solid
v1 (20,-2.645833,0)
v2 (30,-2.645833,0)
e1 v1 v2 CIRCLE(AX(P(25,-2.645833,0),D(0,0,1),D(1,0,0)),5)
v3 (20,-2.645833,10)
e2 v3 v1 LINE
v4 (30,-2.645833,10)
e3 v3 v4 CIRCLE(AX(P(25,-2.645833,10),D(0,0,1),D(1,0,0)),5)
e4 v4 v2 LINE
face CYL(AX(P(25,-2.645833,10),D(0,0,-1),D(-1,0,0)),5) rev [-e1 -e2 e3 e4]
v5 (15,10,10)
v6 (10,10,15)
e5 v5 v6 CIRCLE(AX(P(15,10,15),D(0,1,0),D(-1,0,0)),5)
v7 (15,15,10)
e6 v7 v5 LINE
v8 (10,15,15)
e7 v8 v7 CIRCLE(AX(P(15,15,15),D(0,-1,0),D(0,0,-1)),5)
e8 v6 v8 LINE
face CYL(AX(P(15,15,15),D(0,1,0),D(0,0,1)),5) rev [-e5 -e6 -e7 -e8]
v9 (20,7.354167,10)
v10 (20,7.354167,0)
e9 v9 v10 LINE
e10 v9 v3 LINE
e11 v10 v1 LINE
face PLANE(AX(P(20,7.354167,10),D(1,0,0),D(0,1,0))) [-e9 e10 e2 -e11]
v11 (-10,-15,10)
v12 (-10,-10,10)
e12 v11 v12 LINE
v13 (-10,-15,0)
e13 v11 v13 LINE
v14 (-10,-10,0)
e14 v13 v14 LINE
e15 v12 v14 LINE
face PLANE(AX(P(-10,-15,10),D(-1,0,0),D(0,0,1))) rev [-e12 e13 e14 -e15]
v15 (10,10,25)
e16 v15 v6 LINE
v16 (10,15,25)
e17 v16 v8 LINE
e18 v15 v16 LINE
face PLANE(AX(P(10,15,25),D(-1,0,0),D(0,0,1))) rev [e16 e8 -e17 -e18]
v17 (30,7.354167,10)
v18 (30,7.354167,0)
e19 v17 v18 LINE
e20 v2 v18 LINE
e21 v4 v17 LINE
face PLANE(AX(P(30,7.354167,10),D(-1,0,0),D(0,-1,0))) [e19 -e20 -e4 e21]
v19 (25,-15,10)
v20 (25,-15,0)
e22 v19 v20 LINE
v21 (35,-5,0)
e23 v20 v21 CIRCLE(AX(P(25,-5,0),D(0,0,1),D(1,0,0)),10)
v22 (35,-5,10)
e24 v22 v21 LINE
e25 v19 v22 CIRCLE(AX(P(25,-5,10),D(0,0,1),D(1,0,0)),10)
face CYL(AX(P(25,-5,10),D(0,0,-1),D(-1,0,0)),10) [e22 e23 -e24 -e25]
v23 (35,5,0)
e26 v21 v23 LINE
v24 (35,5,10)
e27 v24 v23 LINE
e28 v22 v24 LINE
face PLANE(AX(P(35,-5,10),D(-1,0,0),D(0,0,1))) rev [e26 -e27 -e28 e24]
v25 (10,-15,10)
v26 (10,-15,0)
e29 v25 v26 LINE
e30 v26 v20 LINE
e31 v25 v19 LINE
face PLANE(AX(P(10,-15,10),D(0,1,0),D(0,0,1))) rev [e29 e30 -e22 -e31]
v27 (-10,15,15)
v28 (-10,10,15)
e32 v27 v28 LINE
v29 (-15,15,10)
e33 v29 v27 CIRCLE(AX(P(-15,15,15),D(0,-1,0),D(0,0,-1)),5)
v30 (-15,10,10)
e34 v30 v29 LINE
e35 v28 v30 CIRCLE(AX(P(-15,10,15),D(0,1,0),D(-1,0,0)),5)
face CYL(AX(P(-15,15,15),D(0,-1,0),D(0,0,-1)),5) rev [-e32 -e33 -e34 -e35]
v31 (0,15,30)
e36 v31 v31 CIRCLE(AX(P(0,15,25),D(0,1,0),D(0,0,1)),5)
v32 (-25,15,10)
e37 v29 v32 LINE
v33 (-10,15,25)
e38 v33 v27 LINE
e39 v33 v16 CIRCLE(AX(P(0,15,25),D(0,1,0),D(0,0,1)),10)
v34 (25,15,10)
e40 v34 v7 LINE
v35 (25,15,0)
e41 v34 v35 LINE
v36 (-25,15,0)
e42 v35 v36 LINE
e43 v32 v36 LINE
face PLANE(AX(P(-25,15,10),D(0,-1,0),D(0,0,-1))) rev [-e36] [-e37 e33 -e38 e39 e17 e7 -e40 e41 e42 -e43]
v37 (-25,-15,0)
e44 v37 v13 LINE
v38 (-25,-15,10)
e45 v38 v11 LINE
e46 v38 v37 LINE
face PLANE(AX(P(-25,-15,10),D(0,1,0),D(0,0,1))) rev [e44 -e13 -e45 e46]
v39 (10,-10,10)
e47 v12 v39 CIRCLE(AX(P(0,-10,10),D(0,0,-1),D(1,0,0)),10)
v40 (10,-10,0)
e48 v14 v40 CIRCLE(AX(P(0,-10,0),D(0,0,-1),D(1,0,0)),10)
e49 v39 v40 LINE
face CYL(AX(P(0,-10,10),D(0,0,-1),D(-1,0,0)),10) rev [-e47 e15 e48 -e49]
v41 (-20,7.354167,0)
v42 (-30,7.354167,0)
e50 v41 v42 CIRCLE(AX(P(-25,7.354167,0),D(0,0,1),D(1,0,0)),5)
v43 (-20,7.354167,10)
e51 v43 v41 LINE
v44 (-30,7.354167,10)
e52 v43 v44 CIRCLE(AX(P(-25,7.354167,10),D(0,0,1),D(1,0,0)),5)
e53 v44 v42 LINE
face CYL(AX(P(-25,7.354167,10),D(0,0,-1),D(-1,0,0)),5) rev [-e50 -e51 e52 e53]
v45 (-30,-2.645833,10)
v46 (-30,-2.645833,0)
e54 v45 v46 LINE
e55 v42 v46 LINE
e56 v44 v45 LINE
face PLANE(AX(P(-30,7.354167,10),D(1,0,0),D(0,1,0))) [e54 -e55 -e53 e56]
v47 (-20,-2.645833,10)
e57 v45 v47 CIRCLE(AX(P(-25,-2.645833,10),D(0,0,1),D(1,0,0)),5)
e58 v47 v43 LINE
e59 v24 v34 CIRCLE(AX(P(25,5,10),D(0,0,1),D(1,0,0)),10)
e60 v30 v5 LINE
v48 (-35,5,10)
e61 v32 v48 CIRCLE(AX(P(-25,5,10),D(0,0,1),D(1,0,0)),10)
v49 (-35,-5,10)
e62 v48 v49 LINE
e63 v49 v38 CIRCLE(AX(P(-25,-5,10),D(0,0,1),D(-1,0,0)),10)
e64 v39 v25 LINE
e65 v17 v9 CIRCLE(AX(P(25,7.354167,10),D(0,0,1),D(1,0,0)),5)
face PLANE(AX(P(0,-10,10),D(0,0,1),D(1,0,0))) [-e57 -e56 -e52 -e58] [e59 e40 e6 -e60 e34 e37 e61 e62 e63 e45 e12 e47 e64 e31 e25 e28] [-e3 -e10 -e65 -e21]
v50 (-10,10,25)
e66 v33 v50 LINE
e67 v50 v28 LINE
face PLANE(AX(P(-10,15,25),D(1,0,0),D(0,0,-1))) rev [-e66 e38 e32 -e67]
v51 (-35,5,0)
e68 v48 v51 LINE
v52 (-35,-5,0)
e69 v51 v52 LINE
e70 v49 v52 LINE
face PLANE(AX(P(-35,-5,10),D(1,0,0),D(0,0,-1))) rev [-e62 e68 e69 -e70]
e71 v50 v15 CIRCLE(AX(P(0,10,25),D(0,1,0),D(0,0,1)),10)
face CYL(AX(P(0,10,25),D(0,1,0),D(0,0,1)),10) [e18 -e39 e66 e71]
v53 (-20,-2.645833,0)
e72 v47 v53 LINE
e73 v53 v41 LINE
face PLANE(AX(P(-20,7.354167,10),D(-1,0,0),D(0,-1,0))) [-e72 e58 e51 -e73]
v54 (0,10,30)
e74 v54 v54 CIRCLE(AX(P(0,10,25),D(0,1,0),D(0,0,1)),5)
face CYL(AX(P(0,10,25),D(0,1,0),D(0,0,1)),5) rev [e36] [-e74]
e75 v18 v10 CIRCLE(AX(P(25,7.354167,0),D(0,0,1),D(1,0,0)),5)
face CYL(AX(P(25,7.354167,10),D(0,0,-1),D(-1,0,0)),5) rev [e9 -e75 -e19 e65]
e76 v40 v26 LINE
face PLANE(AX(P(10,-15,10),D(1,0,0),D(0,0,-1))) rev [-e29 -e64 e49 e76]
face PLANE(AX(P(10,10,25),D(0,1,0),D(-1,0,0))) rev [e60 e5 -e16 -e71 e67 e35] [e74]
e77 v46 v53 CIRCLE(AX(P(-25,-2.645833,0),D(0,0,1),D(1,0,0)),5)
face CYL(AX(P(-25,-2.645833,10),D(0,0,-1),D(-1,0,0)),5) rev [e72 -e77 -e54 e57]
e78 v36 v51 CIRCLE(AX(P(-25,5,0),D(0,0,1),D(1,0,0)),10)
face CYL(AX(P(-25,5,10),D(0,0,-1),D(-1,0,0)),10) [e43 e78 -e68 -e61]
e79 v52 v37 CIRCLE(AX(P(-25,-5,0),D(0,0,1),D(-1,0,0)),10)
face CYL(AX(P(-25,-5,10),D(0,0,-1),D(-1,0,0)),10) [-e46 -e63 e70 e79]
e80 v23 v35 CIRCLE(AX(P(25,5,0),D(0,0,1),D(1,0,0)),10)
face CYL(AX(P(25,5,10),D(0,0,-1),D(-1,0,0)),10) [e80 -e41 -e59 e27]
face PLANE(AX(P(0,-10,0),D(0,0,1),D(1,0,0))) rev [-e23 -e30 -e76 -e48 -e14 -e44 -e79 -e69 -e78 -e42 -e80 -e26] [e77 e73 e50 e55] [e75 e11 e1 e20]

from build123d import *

# Parameters (mm, degrees)
BOSS_EXTRUDE1_DEPTH = 10
SKETCH2_W           = 20
SKETCH2_H           = 5
BOSS_EXTRUDE2_DEPTH = 15
FILLET3_R           = 5
FILLET4_R           = 5
BOSS_EXTRUDE4_DEPTH = 5
SKETCH4_R           = 5
CUT_EXTRUDE1_DEPTH  = 5


with BuildPart() as part:
    # Sketch1 → Boss-Extrude1 (new body)
    with BuildSketch(Plane.XY):
        with BuildLine():
            Line((-10, -15), (-10, -10))
            ThreePointArc((-10, -10), (0, 0), (10, -10))
            Line((10, -10), (10, -15))
            Line((10, -15), (25, -15))
            ThreePointArc((25, -15), (32.071067812, -12.071067812), (35, -5))
            Line((35, -5), (35, 5))
            ThreePointArc((35, 5), (32.071067812, 12.071067812), (25, 15))
            Line((25, 15), (-25, 15))
            ThreePointArc((-25, 15), (-32.071067812, 12.071067812), (-35, 5))
            Line((-35, 5), (-35, -5))
            ThreePointArc((-35, -5), (-32.071067812, -12.071067812), (-25, -15))
            Line((-25, -15), (-10, -15))
        make_face()
        with BuildLine():
            Line((30, 7.354167283), (30, -2.645832717))
            ThreePointArc((30, -2.645832717), (25, -7.645832717), (20, -2.645832717))
            Line((20, -2.645832717), (20, 7.354167283))
            ThreePointArc((20, 7.354167283), (25, 12.354167283), (30, 7.354167283))
        make_face(mode=Mode.SUBTRACT)
        with BuildLine():
            Line((-20, 7.354167283), (-20, -2.645832717))
            ThreePointArc((-20, -2.645832717), (-25, -7.645832717), (-30, -2.645832717))
            Line((-30, -2.645832717), (-30, 7.354167283))
            ThreePointArc((-30, 7.354167283), (-25, 12.354167283), (-20, 7.354167283))
        make_face(mode=Mode.SUBTRACT)
    extrude(amount=BOSS_EXTRUDE1_DEPTH)

    # Sketch2 → Boss-Extrude2 (add)
    with BuildSketch(Plane.XY.offset(10)):
        with Locations((0, 12.5)):
            Rectangle(SKETCH2_W, SKETCH2_H)
    extrude(amount=BOSS_EXTRUDE2_DEPTH)

    # Fillet3
    fillet3_edges = [part.edges().sort_by_distance(p)[0] for p in [
        (-10, 12.5, 10),
    ]]
    fillet(fillet3_edges, radius=FILLET3_R)

    # Fillet4
    fillet4_edges = [part.edges().sort_by_distance(p)[0] for p in [
        (10, 12.5, 10),
    ]]
    fillet(fillet4_edges, radius=FILLET4_R)

    # Sketch3 → Boss-Extrude4 (add)
    with BuildSketch(Plane(origin=(0, 15, 0), x_dir=(1, 0, 0), z_dir=(0, 1, 0))):
        with BuildLine():
            Line((-10, -25), (10, -25))
            ThreePointArc((10, -25), (0, -35), (-10, -25))
        make_face()
    extrude(amount=-BOSS_EXTRUDE4_DEPTH)

    # Sketch4 → Cut-Extrude1 (cut)
    with BuildSketch(Plane(origin=(0, 15, 0), x_dir=(1, 0, 0), z_dir=(0, 1, 0))):
        with Locations(Location((0, -25, 0), (0, 0, 270))):
            Circle(SKETCH4_R)
    extrude(amount=-CUT_EXTRUDE1_DEPTH, mode=Mode.SUBTRACT)


solid = part.part
